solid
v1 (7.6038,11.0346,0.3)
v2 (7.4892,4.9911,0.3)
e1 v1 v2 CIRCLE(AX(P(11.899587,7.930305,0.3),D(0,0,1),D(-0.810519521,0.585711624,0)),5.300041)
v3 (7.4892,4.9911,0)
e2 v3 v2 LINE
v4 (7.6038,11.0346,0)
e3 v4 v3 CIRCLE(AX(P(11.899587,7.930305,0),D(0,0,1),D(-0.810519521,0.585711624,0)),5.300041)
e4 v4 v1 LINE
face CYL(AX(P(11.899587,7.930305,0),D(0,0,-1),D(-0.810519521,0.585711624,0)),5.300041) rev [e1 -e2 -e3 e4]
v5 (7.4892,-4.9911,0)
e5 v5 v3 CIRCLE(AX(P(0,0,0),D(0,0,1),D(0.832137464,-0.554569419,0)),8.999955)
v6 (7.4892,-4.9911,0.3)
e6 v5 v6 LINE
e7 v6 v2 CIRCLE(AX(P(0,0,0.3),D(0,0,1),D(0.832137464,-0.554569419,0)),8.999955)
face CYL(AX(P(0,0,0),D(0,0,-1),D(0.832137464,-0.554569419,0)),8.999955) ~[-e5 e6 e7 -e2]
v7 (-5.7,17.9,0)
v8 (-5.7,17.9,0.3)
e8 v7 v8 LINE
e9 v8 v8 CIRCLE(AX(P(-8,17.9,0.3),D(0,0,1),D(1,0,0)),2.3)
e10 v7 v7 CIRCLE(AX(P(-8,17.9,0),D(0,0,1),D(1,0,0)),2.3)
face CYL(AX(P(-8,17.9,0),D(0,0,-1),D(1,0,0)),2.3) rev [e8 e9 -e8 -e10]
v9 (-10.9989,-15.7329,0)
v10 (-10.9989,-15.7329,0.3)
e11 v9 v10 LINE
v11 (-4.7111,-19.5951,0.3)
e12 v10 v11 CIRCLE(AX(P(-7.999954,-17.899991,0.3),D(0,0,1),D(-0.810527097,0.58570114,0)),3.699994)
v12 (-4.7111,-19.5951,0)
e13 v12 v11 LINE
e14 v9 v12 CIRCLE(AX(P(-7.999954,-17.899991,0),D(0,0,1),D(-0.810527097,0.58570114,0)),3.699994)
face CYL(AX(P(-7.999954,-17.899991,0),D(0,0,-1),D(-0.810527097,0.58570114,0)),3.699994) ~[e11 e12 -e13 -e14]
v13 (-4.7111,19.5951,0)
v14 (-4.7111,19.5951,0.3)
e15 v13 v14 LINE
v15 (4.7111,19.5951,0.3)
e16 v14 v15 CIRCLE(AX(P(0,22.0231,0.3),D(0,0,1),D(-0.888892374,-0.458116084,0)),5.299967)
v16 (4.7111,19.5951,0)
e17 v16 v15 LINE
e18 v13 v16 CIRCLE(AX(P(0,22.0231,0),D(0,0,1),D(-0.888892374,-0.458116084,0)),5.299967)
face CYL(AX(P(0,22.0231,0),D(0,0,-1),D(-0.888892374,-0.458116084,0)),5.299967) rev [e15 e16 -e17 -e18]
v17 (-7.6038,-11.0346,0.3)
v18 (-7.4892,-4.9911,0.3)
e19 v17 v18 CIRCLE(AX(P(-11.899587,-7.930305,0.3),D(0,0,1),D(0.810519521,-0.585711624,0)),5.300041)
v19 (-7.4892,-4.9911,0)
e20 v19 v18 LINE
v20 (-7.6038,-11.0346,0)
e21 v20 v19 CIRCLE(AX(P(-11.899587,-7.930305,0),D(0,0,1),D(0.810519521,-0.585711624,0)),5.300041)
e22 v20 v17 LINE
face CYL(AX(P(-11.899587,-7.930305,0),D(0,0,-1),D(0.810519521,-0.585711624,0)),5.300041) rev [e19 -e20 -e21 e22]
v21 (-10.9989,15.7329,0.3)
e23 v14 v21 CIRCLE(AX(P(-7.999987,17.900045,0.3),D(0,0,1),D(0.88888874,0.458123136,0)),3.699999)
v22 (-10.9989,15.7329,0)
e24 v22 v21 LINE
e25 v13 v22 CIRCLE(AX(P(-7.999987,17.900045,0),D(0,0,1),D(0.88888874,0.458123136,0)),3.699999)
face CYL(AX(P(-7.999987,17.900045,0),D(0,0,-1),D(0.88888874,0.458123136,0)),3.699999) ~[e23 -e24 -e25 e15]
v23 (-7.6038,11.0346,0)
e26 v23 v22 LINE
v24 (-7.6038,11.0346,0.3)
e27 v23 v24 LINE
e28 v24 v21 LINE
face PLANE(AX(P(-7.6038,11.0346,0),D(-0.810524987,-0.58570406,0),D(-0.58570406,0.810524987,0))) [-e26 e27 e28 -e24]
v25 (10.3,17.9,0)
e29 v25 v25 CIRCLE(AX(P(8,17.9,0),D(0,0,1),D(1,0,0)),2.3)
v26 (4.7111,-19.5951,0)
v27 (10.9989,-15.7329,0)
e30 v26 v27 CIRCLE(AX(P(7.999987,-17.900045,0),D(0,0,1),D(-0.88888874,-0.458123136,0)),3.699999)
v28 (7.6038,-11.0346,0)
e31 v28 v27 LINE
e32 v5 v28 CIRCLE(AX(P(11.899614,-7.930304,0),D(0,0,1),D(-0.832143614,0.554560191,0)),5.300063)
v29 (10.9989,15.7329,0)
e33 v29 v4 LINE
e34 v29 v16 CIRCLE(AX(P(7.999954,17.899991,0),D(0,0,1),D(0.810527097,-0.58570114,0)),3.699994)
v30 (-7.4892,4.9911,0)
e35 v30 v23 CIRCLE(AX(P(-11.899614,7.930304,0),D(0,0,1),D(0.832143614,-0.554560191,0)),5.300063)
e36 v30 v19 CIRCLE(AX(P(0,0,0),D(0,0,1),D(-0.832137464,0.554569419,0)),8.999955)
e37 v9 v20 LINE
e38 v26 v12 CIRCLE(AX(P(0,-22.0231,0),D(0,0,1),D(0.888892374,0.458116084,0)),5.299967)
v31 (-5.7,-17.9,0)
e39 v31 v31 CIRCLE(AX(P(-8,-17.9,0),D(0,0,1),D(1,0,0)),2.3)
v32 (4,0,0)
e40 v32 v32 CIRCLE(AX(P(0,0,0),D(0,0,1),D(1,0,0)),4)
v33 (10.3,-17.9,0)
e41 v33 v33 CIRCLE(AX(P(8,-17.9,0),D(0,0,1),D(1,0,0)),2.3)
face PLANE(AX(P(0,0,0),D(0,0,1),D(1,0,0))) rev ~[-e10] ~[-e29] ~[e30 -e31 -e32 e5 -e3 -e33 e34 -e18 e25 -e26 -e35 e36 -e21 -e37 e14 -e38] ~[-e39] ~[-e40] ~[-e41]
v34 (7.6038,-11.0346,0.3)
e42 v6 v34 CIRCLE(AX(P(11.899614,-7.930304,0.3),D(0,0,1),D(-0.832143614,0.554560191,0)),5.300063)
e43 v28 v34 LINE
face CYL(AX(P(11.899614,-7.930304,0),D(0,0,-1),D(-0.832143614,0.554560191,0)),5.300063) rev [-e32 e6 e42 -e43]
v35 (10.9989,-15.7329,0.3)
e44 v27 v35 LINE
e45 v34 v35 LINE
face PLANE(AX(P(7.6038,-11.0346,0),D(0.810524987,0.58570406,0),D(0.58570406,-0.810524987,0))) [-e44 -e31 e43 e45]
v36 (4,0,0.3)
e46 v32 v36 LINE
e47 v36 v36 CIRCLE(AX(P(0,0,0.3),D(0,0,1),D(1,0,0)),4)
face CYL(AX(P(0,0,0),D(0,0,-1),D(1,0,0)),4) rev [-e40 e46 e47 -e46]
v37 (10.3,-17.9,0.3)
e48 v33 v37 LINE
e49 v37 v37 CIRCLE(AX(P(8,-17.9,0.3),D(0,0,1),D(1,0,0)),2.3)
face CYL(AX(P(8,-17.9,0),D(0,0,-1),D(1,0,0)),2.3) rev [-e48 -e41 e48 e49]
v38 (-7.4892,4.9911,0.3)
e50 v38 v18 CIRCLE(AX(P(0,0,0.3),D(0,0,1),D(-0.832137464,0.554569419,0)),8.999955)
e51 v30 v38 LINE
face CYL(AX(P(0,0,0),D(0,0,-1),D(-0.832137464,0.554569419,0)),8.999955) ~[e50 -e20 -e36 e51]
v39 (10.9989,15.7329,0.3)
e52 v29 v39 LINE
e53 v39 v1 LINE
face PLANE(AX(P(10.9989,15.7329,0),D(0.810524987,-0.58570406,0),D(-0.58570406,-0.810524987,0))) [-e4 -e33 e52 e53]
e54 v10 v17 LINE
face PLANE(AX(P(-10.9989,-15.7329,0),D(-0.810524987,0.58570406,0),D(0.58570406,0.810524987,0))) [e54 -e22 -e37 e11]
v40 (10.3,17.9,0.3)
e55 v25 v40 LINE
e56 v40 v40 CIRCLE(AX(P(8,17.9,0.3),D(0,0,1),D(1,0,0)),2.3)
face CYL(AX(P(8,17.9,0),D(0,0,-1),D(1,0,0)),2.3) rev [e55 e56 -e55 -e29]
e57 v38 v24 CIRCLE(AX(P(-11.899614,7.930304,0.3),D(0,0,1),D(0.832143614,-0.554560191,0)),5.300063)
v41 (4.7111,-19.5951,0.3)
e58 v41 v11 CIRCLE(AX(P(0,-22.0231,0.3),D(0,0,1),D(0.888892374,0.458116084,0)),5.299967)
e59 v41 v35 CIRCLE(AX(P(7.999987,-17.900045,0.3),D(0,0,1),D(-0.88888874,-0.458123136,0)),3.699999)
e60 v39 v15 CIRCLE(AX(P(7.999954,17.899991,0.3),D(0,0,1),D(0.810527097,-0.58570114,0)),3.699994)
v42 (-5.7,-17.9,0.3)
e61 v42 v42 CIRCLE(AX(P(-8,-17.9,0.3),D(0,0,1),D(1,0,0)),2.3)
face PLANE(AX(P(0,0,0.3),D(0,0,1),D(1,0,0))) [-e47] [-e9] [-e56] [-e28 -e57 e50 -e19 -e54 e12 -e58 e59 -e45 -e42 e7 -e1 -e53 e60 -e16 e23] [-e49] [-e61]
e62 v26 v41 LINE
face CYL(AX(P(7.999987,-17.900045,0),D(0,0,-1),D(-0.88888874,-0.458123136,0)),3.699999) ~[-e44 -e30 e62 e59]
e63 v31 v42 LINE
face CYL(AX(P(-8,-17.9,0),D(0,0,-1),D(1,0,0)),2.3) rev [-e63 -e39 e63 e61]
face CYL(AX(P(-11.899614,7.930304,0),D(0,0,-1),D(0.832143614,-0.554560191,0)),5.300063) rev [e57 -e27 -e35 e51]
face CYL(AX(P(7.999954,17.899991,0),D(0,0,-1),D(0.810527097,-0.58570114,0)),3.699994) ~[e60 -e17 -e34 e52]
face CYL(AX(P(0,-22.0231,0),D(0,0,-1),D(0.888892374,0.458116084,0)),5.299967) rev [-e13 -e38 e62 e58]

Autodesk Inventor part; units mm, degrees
ref_plane "YZ Plane" through (0, 0, 0) normal (1, 0, 0) x (0, 1, 0)
ref_plane "XZ Plane" through (0, 0, 0) normal (0, 1, 0) x (-1, 0, 0)
ref_plane "XY Plane" through (0, 0, 0) normal (0, 0, 1) x (1, 0, 0)
ref_plane "Work Plane1" through (0, 0, 0) normal (0, 0, 1) x (1, 0, 0)
sketch "Sketch1" plane through (0, 0, 0) normal (0, 0, 1) x (1, 0, 0)
  circle A0 centre (0, 0) radius 5.3 construction
  circle A1 centre (-8, 17.9) radius 2.3 projected
  circle A2 centre (-8, -17.9) radius 2.3 projected
  circle A3 centre (8, -17.9) radius 2.3 projected
  circle A4 centre (8, 17.9) radius 2.3 projected
  arc A5 (4.4444, -19.7325) -> (11.2421, -15.5572) centre (8, -17.9) ccw projected
  line L0 (11.2421, -15.5572) -> (7.847, -10.8589) projected
  arc A6 (7.7389, -5.1575) -> (7.847, -10.8589) centre (11.8996, -7.9303) ccw projected
  arc A7 (-7.7389, 5.1575) -> (-7.7389, -5.1575) centre (0, 0) ccw projected
  arc A8 (7.847, 10.8589) -> (7.7389, 5.1575) centre (11.8996, 7.9303) ccw projected
  line L1 (7.847, 10.8589) -> (11.2421, 15.5572) projected
  arc A9 (11.2421, 15.5572) -> (4.4444, 19.7325) centre (8, 17.9) ccw projected
  arc A10 (-4.4444, 19.7325) -> (4.4444, 19.7325) centre (0, 22.0231) ccw projected
  arc A11 (-4.4444, 19.7325) -> (-11.2421, 15.5572) centre (-8, 17.9) ccw projected
  line L2 (-11.2421, 15.5572) -> (-7.847, 10.8589) projected
  arc A12 (-7.7389, 5.1575) -> (-7.847, 10.8589) centre (-11.8996, 7.9303) ccw projected
  arc A13 (-7.847, -10.8589) -> (-7.7389, -5.1575) centre (-11.8996, -7.9303) ccw projected
  line L3 (-7.847, -10.8589) -> (-11.2421, -15.5572) projected
  arc A14 (-11.2421, -15.5572) -> (-4.4444, -19.7325) centre (-8, -17.9) ccw projected
  arc A15 (4.4444, -19.7325) -> (-4.4444, -19.7325) centre (0, -22.0231) ccw projected
  line L4 (10.9989, 15.7329) -> (7.6038, 11.0346)
  arc A16 (7.6038, 11.0346) -> (7.4892, 4.9911) centre (11.8996, 7.9303) ccw
  arc A17 (7.4892, -4.9911) -> (7.4892, 4.9911) centre (0, 0) ccw
  arc A18 (7.4892, -4.9911) -> (7.6038, -11.0346) centre (11.8996, -7.9303) ccw
  line L5 (7.6038, -11.0346) -> (10.9989, -15.7329)
  arc A19 (4.7111, -19.5951) -> (10.9989, -15.7329) centre (8, -17.9) ccw
  arc A20 (4.7111, -19.5951) -> (-4.7111, -19.5951) centre (0, -22.0231) ccw
  arc A21 (-10.9989, -15.7329) -> (-4.7111, -19.5951) centre (-8, -17.9) ccw
  line L6 (-10.9989, -15.7329) -> (-7.6038, -11.0346)
  arc A22 (-7.6038, -11.0346) -> (-7.4892, -4.9911) centre (-11.8996, -7.9303) ccw
  arc A23 (-7.4892, 4.9911) -> (-7.4892, -4.9911) centre (0, 0) ccw
  arc A24 (-7.4892, 4.9911) -> (-7.6038, 11.0346) centre (-11.8996, 7.9303) ccw
  line L7 (-7.6038, 11.0346) -> (-10.9989, 15.7329)
  arc A25 (-4.7111, 19.5951) -> (-10.9989, 15.7329) centre (-8, 17.9) ccw
  arc A26 (-4.7111, 19.5951) -> (4.7111, 19.5951) centre (0, 22.0231) ccw
  arc A27 (10.9989, 15.7329) -> (4.7111, 19.5951) centre (8, 17.9) ccw
  circle A28 centre (0, 0) radius 3.8 projected
  circle A29 centre (0, 0) radius 4
  arc A30 (7.7389, -5.1575) -> (7.7389, 5.1575) centre (0, 0) ccw projected
  point P0 (0, 0)
  point P1 (11.8996, -7.9303)
  point P2 (11.8996, 7.9303)
  point P3 (11.8996, -7.9303)
  point P4 (11.8996, 7.9303)
  dimension "d0" = 0.3
  dimension "d3" = 0.2
extrude "Extrusion1" add sketch "Sketch1" along normal blind 0.3 contours L4 A16 A17 A18 L5 A19 A20 A21 L6 A22 A23 A24 L7 A25 A26 A27
properties part number "screw case gasket"
